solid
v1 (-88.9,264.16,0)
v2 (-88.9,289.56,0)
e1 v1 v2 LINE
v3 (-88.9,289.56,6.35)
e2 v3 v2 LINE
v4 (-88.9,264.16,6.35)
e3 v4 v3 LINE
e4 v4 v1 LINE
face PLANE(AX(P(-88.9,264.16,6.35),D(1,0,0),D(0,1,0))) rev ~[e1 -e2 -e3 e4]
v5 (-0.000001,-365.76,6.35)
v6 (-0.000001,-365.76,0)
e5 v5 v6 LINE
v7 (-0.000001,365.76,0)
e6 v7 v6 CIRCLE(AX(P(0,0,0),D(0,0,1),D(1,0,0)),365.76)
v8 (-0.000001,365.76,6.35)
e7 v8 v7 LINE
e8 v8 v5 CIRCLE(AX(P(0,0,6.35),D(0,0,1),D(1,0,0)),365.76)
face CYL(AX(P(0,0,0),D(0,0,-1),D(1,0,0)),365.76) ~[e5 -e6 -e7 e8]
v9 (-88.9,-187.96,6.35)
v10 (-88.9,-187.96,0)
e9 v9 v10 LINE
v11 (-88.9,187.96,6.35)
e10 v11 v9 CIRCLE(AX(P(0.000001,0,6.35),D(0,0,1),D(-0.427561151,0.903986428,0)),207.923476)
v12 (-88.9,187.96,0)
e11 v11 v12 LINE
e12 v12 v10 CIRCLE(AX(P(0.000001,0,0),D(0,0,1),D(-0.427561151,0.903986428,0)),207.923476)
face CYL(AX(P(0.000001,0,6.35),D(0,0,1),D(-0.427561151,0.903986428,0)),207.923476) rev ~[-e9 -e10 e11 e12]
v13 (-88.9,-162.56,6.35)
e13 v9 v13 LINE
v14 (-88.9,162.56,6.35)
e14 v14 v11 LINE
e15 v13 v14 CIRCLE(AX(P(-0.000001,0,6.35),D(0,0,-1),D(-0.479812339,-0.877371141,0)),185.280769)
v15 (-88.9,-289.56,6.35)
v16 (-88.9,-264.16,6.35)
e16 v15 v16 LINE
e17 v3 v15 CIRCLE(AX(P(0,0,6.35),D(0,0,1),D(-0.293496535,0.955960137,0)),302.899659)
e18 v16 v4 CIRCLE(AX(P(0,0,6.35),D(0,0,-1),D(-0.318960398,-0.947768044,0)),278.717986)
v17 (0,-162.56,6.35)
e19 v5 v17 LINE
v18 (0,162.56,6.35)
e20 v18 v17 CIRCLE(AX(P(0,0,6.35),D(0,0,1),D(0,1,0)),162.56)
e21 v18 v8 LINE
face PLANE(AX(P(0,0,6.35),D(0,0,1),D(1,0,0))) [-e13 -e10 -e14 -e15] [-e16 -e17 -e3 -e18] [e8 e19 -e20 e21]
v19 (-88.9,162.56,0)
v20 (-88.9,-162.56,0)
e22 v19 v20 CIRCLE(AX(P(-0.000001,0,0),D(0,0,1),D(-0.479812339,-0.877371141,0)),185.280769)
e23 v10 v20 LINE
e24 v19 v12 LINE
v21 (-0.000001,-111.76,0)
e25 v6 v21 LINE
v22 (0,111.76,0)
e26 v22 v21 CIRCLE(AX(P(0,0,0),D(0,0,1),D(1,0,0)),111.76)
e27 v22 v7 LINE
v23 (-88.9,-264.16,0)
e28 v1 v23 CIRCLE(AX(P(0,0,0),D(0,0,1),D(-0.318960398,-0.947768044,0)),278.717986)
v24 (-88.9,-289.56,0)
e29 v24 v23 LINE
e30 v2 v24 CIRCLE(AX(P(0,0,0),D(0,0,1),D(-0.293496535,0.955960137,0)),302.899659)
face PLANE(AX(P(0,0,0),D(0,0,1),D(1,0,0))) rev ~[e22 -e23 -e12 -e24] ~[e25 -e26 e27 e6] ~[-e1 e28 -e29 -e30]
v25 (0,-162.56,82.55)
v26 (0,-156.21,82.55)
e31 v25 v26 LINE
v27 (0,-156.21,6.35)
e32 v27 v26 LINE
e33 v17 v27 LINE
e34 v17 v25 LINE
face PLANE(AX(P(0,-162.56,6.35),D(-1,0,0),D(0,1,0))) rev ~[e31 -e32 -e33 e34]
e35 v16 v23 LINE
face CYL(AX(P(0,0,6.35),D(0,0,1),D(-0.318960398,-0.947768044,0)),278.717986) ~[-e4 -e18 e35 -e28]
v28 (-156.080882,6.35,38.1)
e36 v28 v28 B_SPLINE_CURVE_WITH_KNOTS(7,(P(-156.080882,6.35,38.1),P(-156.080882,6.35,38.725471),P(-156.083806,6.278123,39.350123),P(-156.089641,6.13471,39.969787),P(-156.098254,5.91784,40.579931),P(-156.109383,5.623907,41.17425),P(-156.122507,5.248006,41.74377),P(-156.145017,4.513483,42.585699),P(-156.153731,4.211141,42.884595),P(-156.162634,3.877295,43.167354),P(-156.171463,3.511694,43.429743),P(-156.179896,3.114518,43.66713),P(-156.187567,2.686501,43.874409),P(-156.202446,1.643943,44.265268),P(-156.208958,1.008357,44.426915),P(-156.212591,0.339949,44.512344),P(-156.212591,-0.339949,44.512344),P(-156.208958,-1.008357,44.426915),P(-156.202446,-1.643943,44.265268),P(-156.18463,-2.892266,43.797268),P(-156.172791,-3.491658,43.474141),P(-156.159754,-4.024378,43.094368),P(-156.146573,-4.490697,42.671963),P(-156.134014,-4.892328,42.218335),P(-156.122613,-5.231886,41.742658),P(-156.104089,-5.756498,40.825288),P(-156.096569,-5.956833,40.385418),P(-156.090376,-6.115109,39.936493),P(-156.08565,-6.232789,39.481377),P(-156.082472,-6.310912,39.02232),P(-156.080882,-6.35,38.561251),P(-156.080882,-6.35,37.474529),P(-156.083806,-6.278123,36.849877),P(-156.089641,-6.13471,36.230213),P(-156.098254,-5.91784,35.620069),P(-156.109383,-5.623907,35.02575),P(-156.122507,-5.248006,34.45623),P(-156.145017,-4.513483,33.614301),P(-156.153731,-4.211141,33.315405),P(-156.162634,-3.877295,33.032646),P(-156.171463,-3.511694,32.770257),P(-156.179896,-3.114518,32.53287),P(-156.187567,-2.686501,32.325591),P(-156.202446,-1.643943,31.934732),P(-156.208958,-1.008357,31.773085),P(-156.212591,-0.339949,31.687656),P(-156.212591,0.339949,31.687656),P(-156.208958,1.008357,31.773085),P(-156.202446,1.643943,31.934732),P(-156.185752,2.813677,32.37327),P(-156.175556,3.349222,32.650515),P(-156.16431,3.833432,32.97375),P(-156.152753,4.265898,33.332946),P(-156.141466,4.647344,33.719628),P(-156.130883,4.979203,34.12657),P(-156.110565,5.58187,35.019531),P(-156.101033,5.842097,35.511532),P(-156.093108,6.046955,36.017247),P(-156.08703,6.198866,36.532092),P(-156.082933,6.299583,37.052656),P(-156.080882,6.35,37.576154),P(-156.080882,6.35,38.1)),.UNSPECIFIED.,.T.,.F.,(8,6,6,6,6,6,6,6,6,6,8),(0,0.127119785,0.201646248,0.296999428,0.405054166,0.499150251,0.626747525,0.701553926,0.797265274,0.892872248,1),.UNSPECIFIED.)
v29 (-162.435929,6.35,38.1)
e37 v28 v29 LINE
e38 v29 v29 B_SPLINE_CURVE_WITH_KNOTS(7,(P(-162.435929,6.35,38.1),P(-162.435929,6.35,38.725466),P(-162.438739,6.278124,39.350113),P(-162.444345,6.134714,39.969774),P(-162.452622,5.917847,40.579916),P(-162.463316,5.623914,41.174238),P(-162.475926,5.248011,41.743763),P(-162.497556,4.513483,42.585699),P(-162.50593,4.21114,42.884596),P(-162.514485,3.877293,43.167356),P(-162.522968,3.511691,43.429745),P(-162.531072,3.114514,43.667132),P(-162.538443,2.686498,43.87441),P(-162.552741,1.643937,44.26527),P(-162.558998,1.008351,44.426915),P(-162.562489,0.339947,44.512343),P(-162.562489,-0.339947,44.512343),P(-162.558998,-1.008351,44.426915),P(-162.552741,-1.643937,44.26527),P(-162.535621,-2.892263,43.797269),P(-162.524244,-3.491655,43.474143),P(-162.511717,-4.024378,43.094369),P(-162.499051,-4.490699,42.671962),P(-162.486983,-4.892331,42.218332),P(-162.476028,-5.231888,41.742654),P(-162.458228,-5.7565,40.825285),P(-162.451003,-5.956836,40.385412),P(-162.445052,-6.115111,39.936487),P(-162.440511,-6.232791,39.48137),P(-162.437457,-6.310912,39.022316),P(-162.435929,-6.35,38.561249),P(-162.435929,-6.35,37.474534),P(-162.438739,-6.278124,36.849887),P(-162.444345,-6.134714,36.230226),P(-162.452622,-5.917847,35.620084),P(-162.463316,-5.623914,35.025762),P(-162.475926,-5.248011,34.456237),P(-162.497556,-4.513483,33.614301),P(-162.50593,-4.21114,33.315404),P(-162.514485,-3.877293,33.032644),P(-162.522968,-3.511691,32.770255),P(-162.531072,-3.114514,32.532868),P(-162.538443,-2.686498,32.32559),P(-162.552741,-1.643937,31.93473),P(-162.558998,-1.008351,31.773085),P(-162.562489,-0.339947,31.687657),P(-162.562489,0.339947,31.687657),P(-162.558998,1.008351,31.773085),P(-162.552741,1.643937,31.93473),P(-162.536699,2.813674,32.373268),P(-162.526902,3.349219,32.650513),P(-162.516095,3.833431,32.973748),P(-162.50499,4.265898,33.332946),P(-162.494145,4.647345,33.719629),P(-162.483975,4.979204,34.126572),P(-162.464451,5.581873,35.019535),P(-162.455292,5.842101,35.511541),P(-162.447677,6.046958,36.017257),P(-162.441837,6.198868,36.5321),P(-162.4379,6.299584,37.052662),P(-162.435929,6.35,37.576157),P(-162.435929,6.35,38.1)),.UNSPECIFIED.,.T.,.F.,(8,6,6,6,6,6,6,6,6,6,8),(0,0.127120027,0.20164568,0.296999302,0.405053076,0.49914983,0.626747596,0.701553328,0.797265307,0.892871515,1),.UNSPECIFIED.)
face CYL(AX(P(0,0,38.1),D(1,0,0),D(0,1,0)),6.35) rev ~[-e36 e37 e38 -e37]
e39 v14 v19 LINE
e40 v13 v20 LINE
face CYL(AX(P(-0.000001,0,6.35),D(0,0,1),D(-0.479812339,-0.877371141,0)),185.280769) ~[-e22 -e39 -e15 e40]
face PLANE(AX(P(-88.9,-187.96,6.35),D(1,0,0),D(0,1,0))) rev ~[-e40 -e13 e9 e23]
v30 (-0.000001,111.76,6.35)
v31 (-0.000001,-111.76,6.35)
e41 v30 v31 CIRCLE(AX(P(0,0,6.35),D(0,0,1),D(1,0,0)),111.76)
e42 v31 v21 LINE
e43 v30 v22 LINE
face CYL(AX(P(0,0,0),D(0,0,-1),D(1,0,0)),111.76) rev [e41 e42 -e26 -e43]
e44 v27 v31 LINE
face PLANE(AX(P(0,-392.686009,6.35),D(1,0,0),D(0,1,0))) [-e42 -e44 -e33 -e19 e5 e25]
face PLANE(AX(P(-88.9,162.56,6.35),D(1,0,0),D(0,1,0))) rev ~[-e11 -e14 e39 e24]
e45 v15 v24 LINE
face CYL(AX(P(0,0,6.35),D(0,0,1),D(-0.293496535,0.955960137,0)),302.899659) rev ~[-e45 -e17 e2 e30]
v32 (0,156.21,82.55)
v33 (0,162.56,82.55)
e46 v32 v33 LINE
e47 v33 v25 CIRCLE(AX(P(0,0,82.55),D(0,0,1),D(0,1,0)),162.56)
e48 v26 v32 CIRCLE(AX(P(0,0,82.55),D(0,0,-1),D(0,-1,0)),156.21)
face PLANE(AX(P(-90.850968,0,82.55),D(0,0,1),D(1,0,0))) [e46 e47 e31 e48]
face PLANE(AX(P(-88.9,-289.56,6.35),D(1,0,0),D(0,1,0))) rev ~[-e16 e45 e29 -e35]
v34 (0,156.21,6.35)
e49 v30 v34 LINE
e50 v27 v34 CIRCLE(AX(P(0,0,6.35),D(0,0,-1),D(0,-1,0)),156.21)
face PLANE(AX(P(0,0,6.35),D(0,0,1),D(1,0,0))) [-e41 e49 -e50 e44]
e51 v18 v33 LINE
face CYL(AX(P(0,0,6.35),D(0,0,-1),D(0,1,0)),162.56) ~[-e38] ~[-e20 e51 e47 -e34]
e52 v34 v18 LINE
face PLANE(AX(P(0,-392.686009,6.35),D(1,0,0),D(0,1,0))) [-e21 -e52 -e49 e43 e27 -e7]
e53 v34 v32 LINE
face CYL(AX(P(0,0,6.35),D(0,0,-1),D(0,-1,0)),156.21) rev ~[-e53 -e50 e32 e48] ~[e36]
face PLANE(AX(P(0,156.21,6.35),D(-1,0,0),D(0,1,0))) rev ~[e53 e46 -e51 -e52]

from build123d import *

# Parameters (mm, degrees)
F0_R     = 365.76
F0_R_2   = 111.76
F1_DEPTH = 6.35
F2_W     = 380.011261
F2_H     = 787.612766
F3_DEPTH = 6.351
F5_DEPTH = 6.351
F7_DEPTH = 76.2
F8_R     = 6.35
F9_DEPTH = 365.761


with BuildPart() as f1:
    # F0 (on Top) → F1 (new body)
    with BuildSketch(Plane.XY):
        Circle(F0_R)
        Circle(F0_R_2, mode=Mode.SUBTRACT)
    extrude(amount=F1_DEPTH)

    # F2 (on face) → F3 (cut, through all)
    with BuildSketch(Plane.XY.offset(6.35)):
        with Locations((190.00563, 1.120374)):
            Rectangle(F2_W, F2_H)
    extrude(amount=-F3_DEPTH, mode=Mode.SUBTRACT)

    # F4 (on face) → F5 (cut, through all)
    with BuildSketch(Plane.XY.offset(6.35)):
        with BuildLine():
            ThreePointArc((-88.9, 289.56), (-302.899659, 0), (-88.9, -289.56))
            Line((-88.9, -289.56), (-88.9, -264.16))
            ThreePointArc((-88.9, -264.16), (-278.717986, 0), (-88.9, 264.16))
            Line((-88.9, 264.16), (-88.9, 289.56))
        make_face()
        with BuildLine():
            ThreePointArc((-88.9, 187.96), (-207.923475, 0), (-88.9, -187.96))
            Line((-88.9, -187.96), (-88.9, -162.56))
            ThreePointArc((-88.9, -162.56), (-185.28077, 0), (-88.9, 162.56))
            Line((-88.9, 162.56), (-88.9, 187.96))
        make_face()
    extrude(amount=-F5_DEPTH, mode=Mode.SUBTRACT)

    # F6 (on face) → F7 (join)
    with BuildSketch(Plane.XY.offset(6.35)):
        with BuildLine():
            Line((0, 156.21), (0, 162.56))
            ThreePointArc((0, 162.56), (-162.56, 0), (0, -162.56))
            Line((0, -162.56), (0, -156.21))
            ThreePointArc((0, -156.21), (-156.21, 0), (0, 156.21))
        make_face()
    extrude(amount=F7_DEPTH)

    # F8 (on Right) → F9 (cut, through all)
    with BuildSketch(Plane.YZ):
        with Locations((0, 38.1)):
            Circle(F8_R)
    extrude(amount=-F9_DEPTH, mode=Mode.SUBTRACT)


solid = f1.part
